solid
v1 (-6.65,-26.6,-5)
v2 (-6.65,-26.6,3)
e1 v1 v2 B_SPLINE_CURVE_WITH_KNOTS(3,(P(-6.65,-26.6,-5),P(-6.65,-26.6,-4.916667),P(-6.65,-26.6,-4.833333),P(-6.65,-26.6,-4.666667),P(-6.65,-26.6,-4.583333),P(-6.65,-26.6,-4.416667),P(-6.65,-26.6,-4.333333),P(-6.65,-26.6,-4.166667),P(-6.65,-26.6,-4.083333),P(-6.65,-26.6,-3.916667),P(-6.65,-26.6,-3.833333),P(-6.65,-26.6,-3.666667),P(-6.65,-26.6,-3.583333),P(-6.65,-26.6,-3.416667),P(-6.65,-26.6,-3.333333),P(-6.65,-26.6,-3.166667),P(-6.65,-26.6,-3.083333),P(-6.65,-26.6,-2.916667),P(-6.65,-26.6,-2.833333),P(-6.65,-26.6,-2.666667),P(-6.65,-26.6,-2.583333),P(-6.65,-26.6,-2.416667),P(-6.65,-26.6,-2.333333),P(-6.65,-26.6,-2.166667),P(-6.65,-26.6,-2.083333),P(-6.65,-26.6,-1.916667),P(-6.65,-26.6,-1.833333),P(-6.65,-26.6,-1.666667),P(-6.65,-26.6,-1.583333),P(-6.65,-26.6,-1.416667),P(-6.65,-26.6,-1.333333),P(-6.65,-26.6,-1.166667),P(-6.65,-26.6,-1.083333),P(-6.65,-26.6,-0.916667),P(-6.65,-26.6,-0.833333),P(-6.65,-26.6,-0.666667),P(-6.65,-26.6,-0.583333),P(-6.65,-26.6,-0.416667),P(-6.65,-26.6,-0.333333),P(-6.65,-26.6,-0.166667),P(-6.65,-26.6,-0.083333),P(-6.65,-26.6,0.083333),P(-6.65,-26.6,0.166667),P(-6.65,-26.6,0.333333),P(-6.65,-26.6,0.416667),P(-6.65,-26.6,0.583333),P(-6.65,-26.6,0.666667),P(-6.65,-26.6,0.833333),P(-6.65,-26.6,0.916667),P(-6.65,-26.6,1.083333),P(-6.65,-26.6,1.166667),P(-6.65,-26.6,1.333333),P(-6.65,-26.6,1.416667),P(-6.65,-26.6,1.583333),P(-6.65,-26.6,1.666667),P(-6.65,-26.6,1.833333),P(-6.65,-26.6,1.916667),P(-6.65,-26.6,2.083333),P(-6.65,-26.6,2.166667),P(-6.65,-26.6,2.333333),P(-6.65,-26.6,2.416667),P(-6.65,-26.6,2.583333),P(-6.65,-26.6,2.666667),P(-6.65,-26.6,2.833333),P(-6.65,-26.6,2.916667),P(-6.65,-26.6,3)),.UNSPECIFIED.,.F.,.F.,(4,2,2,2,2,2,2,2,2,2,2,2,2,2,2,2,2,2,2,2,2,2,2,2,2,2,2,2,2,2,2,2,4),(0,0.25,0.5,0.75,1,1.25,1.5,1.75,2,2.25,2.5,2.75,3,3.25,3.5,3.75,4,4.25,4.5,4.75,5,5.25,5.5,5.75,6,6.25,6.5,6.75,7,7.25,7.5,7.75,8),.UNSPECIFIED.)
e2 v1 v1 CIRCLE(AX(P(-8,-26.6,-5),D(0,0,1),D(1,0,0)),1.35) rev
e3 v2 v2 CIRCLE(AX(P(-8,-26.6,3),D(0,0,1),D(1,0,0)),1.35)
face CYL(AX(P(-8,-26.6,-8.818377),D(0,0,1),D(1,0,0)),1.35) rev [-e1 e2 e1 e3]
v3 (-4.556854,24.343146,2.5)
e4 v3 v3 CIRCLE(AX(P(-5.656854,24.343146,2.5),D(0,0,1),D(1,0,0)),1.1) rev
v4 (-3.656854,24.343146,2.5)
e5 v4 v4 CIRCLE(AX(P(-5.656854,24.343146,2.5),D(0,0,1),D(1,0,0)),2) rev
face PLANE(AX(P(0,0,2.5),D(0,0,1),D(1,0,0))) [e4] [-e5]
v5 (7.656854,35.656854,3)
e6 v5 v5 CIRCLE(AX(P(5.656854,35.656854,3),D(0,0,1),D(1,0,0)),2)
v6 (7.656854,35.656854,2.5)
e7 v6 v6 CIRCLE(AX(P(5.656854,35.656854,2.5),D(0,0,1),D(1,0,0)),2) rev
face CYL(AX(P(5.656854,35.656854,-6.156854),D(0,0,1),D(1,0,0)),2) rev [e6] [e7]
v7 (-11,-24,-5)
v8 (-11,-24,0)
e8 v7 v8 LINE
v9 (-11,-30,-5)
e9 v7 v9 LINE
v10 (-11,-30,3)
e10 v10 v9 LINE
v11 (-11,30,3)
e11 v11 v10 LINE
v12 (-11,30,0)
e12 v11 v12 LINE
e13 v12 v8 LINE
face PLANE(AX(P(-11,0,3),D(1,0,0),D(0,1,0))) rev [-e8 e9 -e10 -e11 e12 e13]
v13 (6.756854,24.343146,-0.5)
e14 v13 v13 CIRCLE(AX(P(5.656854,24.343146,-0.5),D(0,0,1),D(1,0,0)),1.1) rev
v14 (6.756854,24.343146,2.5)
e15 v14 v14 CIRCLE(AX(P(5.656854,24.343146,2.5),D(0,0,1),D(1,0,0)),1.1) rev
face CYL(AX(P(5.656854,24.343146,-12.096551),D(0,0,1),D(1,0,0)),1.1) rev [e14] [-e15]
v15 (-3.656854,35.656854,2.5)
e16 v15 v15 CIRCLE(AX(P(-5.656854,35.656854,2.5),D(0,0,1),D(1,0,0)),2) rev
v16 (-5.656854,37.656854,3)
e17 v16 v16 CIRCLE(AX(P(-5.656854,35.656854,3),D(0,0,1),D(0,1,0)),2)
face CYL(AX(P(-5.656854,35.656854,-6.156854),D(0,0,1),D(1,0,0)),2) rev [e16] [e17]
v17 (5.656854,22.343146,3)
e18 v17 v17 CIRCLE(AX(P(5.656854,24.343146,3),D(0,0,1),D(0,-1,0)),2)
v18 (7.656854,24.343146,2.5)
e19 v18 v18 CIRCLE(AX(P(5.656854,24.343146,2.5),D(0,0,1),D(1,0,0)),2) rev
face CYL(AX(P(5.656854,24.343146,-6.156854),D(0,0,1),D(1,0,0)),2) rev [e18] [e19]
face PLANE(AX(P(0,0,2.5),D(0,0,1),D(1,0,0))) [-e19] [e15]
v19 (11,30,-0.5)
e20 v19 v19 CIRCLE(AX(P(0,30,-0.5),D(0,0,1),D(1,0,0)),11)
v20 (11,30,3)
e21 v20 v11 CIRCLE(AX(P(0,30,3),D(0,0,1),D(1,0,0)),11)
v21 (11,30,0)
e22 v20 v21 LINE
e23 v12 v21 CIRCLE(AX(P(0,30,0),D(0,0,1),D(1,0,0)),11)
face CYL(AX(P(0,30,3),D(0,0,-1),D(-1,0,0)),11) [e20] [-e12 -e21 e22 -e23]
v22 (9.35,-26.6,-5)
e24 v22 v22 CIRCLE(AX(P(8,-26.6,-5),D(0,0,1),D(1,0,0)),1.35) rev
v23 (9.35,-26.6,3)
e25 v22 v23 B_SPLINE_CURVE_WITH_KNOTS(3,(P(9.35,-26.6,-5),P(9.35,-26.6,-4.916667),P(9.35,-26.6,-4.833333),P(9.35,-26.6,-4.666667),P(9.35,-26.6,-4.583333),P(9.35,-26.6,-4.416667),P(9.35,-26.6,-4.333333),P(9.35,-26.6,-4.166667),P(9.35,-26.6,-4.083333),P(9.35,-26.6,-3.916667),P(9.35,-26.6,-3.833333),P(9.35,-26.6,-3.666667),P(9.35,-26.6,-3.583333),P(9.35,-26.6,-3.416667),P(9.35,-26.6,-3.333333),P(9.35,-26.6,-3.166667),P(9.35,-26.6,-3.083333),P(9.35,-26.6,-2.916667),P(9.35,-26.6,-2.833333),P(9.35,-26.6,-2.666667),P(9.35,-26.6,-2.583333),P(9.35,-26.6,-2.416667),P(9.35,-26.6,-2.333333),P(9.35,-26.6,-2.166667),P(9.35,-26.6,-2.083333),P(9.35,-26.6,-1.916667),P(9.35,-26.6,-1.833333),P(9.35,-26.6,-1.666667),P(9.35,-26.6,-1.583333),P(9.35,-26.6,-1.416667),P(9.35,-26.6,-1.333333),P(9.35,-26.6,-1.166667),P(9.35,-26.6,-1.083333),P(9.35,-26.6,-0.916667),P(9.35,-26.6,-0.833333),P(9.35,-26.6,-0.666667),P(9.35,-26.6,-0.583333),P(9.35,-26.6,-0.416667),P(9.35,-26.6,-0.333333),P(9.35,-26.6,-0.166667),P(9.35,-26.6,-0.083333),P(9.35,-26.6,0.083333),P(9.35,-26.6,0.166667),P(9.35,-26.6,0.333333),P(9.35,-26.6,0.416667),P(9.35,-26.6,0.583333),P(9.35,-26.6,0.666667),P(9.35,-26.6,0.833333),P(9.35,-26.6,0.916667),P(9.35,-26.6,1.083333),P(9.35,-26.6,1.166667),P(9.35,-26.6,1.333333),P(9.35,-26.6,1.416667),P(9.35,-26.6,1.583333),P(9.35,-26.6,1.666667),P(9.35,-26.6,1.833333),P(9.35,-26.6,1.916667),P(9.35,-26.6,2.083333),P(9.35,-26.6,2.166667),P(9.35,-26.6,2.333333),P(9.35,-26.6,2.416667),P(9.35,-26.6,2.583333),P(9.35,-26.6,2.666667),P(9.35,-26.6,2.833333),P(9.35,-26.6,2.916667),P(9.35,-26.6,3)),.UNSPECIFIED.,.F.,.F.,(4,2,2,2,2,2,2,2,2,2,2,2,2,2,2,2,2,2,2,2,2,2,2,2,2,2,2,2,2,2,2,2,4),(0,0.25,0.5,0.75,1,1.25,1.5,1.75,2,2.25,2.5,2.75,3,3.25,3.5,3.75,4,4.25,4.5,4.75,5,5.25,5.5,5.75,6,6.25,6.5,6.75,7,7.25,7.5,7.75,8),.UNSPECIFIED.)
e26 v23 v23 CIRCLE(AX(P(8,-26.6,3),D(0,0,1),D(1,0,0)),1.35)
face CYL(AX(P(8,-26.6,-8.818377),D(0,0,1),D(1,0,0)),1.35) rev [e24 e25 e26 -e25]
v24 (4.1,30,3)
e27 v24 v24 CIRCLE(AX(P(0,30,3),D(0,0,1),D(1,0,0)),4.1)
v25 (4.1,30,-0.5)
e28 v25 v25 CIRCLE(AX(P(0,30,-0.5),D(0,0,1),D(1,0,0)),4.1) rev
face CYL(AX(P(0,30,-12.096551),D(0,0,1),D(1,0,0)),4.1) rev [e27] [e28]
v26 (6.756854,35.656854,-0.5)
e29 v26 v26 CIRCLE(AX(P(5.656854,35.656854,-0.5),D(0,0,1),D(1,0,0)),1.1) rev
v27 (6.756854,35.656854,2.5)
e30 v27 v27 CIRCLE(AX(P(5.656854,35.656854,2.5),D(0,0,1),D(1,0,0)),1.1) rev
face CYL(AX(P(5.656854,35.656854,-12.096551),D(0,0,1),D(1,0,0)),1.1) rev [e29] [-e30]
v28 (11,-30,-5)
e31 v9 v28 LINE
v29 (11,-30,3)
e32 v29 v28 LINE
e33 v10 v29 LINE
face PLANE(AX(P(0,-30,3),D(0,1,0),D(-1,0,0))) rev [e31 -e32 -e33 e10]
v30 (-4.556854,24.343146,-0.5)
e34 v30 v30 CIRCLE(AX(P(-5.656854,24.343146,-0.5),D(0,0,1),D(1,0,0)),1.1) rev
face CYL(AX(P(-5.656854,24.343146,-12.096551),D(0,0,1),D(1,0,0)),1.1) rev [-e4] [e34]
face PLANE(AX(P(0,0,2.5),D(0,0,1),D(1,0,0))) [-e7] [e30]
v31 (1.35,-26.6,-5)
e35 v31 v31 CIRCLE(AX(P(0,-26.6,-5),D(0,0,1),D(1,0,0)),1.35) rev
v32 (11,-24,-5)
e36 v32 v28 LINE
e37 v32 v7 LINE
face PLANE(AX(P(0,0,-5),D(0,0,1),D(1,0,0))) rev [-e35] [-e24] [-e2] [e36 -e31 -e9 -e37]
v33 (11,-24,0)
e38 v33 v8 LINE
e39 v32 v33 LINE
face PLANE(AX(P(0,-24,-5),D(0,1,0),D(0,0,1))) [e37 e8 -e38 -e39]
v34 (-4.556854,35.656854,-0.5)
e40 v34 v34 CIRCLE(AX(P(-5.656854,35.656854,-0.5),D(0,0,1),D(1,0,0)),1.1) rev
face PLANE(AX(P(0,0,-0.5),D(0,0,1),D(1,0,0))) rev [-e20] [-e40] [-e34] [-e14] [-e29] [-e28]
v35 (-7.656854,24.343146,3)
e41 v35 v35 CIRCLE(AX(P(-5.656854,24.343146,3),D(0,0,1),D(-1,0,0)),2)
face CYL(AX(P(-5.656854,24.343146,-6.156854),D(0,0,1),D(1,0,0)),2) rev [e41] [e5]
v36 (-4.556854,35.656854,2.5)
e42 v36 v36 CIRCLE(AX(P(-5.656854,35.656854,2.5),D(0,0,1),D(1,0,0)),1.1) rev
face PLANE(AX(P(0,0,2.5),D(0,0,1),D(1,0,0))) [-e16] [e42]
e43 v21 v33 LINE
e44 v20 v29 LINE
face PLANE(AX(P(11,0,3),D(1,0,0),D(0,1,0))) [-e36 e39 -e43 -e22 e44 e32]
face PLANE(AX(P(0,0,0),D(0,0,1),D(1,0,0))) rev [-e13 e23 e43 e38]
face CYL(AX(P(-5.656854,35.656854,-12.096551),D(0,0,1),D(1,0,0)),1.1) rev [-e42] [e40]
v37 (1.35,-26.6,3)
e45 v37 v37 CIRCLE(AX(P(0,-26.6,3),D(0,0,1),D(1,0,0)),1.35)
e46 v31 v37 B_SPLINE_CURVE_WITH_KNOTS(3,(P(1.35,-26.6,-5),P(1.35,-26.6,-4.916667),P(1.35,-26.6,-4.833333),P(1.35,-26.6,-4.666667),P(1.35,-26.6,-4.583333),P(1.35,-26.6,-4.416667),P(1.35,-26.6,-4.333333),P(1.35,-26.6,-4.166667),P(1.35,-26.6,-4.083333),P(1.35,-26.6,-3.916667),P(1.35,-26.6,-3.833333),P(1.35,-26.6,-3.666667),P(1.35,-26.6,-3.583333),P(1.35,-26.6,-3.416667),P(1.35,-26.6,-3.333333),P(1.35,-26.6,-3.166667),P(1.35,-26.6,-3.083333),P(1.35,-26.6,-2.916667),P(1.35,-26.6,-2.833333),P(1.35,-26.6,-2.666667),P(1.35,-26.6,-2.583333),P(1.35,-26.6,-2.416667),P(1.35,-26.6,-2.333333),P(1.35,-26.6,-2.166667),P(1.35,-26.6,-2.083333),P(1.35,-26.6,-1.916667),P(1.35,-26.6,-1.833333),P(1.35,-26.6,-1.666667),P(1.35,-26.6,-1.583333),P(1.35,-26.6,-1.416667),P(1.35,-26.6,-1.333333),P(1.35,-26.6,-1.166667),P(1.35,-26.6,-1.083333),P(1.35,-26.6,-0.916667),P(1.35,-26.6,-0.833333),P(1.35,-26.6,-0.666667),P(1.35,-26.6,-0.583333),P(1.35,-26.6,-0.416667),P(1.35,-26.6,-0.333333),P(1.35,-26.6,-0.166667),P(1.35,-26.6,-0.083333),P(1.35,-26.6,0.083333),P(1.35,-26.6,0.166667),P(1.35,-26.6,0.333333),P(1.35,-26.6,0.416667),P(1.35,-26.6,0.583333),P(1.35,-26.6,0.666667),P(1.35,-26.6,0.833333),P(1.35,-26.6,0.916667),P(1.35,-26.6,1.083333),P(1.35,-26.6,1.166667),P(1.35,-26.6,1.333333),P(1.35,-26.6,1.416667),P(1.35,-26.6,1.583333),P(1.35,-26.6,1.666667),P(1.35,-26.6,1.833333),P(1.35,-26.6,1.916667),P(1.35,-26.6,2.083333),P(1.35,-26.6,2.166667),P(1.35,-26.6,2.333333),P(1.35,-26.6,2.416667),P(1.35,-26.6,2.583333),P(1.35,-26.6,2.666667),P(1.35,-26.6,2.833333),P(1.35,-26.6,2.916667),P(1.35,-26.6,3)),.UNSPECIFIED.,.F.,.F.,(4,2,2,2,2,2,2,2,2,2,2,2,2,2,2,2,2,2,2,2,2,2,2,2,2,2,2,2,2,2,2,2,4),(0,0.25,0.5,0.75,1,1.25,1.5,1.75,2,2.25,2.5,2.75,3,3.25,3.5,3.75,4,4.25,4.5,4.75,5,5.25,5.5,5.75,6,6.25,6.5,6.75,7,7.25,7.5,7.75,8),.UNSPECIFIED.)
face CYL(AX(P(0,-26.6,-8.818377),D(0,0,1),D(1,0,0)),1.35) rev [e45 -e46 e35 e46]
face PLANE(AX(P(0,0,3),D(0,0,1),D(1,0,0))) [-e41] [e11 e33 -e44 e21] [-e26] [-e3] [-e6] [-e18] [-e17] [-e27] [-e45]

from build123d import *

# Parameters (mm, degrees)
BOSS_EXTRUDE1_DEPTH = 3
BOSS_EXTRUDE2_START = -0.5
SKETCH1_3_R         = 11
BOSS_EXTRUDE2_DEPTH = 0.5
SKETCH2_R           = 4.1
SKETCH2_R_2         = 1.1
CUT_EXTRUDE1_DEPTH  = 3.5
SKETCH2_3_R         = 2
CUT_EXTRUDE2_DEPTH  = 0.5
CIRPATTERN2_COUNT   = 4
SKETCH1_6_W         = 11
SKETCH1_6_H         = 6
BOSS_EXTRUDE3_DEPTH = 5
SKETCH4_R           = 1.35
CUT_EXTRUDE4_DEPTH  = 8
LPATTERN2_COUNT     = 2
LPATTERN2_PITCH     = 8
LPATTERN2_COL_COUNT = 2
LPATTERN2_COL_PITCH = 8


with BuildPart() as part:
    # Sketch1 → Boss-Extrude1 (new body)
    with BuildSketch(Plane.XY):
        with BuildLine():
            Line((-11, 30), (-11, -30))
            Line((-11, -30), (11, -30))
            Line((11, -30), (11, 30))
            ThreePointArc((11, 30), (0, 41), (-11, 30))
        make_face()
    extrude(amount=BOSS_EXTRUDE1_DEPTH)

    # Sketch1<3> → Boss-Extrude2 (add)
    with BuildSketch(Plane.XY.offset(BOSS_EXTRUDE2_START)):
        with Locations((0, 30)):
            Circle(SKETCH1_3_R)
    extrude(amount=BOSS_EXTRUDE2_DEPTH)

    # Sketch2 → Cut-Extrude1 (cut)
    with BuildSketch(Plane.XY.offset(3)):
        with Locations((0, 30)):
            Circle(SKETCH2_R)
        with Locations((5.656854249, 35.656854249)):
            Circle(SKETCH2_R_2)
    cut_extrude1 = extrude(amount=-CUT_EXTRUDE1_DEPTH, mode=Mode.SUBTRACT)

    # Sketch2<3> → Cut-Extrude2 (cut)
    with BuildSketch(Plane.XY.offset(3)):
        with Locations((5.656854249, 35.656854249)):
            Circle(SKETCH2_3_R)
    cut_extrude2 = extrude(amount=-CUT_EXTRUDE2_DEPTH, mode=Mode.SUBTRACT)

    # CirPattern2: Cut-Extrude1, Cut-Extrude2 ×4 about axis
    cirpattern2_axis = Axis((0, 30, 0), (0, 0, 1))
    add([cut_extrude1.rotate(cirpattern2_axis, i * 360 / CIRPATTERN2_COUNT) for i in range(1, CIRPATTERN2_COUNT)], mode=Mode.SUBTRACT)
    add([cut_extrude2.rotate(cirpattern2_axis, i * 360 / CIRPATTERN2_COUNT) for i in range(1, CIRPATTERN2_COUNT)], mode=Mode.SUBTRACT)

    # Sketch1<6> → Boss-Extrude3 (add)
    with BuildSketch(Plane.XY):
        with Locations((-5.5, -27)):
            Rectangle(SKETCH1_6_W, SKETCH1_6_H)
        with Locations((5.5, -27)):
            Rectangle(SKETCH1_6_W, SKETCH1_6_H)
    extrude(amount=-BOSS_EXTRUDE3_DEPTH)

    # Sketch4 → Cut-Extrude4 (cut)
    with BuildSketch(Plane.XY.offset(3)):
        with Locations((0, -26.6)):
            Circle(SKETCH4_R)
    cut_extrude4 = extrude(amount=-CUT_EXTRUDE4_DEPTH, mode=Mode.SUBTRACT)

    # LPattern2: Cut-Extrude4 ×2
    with Locations(*[(i * LPATTERN2_PITCH, 0, 0) for i in range(1, LPATTERN2_COUNT)]):
        add(cut_extrude4, mode=Mode.SUBTRACT)

    # LPattern2 col: Cut-Extrude4 ×2
    with Locations(*[(-i * LPATTERN2_COL_PITCH, 0, 0) for i in range(1, LPATTERN2_COL_COUNT)]):
        add(cut_extrude4, mode=Mode.SUBTRACT)


solid = part.part
